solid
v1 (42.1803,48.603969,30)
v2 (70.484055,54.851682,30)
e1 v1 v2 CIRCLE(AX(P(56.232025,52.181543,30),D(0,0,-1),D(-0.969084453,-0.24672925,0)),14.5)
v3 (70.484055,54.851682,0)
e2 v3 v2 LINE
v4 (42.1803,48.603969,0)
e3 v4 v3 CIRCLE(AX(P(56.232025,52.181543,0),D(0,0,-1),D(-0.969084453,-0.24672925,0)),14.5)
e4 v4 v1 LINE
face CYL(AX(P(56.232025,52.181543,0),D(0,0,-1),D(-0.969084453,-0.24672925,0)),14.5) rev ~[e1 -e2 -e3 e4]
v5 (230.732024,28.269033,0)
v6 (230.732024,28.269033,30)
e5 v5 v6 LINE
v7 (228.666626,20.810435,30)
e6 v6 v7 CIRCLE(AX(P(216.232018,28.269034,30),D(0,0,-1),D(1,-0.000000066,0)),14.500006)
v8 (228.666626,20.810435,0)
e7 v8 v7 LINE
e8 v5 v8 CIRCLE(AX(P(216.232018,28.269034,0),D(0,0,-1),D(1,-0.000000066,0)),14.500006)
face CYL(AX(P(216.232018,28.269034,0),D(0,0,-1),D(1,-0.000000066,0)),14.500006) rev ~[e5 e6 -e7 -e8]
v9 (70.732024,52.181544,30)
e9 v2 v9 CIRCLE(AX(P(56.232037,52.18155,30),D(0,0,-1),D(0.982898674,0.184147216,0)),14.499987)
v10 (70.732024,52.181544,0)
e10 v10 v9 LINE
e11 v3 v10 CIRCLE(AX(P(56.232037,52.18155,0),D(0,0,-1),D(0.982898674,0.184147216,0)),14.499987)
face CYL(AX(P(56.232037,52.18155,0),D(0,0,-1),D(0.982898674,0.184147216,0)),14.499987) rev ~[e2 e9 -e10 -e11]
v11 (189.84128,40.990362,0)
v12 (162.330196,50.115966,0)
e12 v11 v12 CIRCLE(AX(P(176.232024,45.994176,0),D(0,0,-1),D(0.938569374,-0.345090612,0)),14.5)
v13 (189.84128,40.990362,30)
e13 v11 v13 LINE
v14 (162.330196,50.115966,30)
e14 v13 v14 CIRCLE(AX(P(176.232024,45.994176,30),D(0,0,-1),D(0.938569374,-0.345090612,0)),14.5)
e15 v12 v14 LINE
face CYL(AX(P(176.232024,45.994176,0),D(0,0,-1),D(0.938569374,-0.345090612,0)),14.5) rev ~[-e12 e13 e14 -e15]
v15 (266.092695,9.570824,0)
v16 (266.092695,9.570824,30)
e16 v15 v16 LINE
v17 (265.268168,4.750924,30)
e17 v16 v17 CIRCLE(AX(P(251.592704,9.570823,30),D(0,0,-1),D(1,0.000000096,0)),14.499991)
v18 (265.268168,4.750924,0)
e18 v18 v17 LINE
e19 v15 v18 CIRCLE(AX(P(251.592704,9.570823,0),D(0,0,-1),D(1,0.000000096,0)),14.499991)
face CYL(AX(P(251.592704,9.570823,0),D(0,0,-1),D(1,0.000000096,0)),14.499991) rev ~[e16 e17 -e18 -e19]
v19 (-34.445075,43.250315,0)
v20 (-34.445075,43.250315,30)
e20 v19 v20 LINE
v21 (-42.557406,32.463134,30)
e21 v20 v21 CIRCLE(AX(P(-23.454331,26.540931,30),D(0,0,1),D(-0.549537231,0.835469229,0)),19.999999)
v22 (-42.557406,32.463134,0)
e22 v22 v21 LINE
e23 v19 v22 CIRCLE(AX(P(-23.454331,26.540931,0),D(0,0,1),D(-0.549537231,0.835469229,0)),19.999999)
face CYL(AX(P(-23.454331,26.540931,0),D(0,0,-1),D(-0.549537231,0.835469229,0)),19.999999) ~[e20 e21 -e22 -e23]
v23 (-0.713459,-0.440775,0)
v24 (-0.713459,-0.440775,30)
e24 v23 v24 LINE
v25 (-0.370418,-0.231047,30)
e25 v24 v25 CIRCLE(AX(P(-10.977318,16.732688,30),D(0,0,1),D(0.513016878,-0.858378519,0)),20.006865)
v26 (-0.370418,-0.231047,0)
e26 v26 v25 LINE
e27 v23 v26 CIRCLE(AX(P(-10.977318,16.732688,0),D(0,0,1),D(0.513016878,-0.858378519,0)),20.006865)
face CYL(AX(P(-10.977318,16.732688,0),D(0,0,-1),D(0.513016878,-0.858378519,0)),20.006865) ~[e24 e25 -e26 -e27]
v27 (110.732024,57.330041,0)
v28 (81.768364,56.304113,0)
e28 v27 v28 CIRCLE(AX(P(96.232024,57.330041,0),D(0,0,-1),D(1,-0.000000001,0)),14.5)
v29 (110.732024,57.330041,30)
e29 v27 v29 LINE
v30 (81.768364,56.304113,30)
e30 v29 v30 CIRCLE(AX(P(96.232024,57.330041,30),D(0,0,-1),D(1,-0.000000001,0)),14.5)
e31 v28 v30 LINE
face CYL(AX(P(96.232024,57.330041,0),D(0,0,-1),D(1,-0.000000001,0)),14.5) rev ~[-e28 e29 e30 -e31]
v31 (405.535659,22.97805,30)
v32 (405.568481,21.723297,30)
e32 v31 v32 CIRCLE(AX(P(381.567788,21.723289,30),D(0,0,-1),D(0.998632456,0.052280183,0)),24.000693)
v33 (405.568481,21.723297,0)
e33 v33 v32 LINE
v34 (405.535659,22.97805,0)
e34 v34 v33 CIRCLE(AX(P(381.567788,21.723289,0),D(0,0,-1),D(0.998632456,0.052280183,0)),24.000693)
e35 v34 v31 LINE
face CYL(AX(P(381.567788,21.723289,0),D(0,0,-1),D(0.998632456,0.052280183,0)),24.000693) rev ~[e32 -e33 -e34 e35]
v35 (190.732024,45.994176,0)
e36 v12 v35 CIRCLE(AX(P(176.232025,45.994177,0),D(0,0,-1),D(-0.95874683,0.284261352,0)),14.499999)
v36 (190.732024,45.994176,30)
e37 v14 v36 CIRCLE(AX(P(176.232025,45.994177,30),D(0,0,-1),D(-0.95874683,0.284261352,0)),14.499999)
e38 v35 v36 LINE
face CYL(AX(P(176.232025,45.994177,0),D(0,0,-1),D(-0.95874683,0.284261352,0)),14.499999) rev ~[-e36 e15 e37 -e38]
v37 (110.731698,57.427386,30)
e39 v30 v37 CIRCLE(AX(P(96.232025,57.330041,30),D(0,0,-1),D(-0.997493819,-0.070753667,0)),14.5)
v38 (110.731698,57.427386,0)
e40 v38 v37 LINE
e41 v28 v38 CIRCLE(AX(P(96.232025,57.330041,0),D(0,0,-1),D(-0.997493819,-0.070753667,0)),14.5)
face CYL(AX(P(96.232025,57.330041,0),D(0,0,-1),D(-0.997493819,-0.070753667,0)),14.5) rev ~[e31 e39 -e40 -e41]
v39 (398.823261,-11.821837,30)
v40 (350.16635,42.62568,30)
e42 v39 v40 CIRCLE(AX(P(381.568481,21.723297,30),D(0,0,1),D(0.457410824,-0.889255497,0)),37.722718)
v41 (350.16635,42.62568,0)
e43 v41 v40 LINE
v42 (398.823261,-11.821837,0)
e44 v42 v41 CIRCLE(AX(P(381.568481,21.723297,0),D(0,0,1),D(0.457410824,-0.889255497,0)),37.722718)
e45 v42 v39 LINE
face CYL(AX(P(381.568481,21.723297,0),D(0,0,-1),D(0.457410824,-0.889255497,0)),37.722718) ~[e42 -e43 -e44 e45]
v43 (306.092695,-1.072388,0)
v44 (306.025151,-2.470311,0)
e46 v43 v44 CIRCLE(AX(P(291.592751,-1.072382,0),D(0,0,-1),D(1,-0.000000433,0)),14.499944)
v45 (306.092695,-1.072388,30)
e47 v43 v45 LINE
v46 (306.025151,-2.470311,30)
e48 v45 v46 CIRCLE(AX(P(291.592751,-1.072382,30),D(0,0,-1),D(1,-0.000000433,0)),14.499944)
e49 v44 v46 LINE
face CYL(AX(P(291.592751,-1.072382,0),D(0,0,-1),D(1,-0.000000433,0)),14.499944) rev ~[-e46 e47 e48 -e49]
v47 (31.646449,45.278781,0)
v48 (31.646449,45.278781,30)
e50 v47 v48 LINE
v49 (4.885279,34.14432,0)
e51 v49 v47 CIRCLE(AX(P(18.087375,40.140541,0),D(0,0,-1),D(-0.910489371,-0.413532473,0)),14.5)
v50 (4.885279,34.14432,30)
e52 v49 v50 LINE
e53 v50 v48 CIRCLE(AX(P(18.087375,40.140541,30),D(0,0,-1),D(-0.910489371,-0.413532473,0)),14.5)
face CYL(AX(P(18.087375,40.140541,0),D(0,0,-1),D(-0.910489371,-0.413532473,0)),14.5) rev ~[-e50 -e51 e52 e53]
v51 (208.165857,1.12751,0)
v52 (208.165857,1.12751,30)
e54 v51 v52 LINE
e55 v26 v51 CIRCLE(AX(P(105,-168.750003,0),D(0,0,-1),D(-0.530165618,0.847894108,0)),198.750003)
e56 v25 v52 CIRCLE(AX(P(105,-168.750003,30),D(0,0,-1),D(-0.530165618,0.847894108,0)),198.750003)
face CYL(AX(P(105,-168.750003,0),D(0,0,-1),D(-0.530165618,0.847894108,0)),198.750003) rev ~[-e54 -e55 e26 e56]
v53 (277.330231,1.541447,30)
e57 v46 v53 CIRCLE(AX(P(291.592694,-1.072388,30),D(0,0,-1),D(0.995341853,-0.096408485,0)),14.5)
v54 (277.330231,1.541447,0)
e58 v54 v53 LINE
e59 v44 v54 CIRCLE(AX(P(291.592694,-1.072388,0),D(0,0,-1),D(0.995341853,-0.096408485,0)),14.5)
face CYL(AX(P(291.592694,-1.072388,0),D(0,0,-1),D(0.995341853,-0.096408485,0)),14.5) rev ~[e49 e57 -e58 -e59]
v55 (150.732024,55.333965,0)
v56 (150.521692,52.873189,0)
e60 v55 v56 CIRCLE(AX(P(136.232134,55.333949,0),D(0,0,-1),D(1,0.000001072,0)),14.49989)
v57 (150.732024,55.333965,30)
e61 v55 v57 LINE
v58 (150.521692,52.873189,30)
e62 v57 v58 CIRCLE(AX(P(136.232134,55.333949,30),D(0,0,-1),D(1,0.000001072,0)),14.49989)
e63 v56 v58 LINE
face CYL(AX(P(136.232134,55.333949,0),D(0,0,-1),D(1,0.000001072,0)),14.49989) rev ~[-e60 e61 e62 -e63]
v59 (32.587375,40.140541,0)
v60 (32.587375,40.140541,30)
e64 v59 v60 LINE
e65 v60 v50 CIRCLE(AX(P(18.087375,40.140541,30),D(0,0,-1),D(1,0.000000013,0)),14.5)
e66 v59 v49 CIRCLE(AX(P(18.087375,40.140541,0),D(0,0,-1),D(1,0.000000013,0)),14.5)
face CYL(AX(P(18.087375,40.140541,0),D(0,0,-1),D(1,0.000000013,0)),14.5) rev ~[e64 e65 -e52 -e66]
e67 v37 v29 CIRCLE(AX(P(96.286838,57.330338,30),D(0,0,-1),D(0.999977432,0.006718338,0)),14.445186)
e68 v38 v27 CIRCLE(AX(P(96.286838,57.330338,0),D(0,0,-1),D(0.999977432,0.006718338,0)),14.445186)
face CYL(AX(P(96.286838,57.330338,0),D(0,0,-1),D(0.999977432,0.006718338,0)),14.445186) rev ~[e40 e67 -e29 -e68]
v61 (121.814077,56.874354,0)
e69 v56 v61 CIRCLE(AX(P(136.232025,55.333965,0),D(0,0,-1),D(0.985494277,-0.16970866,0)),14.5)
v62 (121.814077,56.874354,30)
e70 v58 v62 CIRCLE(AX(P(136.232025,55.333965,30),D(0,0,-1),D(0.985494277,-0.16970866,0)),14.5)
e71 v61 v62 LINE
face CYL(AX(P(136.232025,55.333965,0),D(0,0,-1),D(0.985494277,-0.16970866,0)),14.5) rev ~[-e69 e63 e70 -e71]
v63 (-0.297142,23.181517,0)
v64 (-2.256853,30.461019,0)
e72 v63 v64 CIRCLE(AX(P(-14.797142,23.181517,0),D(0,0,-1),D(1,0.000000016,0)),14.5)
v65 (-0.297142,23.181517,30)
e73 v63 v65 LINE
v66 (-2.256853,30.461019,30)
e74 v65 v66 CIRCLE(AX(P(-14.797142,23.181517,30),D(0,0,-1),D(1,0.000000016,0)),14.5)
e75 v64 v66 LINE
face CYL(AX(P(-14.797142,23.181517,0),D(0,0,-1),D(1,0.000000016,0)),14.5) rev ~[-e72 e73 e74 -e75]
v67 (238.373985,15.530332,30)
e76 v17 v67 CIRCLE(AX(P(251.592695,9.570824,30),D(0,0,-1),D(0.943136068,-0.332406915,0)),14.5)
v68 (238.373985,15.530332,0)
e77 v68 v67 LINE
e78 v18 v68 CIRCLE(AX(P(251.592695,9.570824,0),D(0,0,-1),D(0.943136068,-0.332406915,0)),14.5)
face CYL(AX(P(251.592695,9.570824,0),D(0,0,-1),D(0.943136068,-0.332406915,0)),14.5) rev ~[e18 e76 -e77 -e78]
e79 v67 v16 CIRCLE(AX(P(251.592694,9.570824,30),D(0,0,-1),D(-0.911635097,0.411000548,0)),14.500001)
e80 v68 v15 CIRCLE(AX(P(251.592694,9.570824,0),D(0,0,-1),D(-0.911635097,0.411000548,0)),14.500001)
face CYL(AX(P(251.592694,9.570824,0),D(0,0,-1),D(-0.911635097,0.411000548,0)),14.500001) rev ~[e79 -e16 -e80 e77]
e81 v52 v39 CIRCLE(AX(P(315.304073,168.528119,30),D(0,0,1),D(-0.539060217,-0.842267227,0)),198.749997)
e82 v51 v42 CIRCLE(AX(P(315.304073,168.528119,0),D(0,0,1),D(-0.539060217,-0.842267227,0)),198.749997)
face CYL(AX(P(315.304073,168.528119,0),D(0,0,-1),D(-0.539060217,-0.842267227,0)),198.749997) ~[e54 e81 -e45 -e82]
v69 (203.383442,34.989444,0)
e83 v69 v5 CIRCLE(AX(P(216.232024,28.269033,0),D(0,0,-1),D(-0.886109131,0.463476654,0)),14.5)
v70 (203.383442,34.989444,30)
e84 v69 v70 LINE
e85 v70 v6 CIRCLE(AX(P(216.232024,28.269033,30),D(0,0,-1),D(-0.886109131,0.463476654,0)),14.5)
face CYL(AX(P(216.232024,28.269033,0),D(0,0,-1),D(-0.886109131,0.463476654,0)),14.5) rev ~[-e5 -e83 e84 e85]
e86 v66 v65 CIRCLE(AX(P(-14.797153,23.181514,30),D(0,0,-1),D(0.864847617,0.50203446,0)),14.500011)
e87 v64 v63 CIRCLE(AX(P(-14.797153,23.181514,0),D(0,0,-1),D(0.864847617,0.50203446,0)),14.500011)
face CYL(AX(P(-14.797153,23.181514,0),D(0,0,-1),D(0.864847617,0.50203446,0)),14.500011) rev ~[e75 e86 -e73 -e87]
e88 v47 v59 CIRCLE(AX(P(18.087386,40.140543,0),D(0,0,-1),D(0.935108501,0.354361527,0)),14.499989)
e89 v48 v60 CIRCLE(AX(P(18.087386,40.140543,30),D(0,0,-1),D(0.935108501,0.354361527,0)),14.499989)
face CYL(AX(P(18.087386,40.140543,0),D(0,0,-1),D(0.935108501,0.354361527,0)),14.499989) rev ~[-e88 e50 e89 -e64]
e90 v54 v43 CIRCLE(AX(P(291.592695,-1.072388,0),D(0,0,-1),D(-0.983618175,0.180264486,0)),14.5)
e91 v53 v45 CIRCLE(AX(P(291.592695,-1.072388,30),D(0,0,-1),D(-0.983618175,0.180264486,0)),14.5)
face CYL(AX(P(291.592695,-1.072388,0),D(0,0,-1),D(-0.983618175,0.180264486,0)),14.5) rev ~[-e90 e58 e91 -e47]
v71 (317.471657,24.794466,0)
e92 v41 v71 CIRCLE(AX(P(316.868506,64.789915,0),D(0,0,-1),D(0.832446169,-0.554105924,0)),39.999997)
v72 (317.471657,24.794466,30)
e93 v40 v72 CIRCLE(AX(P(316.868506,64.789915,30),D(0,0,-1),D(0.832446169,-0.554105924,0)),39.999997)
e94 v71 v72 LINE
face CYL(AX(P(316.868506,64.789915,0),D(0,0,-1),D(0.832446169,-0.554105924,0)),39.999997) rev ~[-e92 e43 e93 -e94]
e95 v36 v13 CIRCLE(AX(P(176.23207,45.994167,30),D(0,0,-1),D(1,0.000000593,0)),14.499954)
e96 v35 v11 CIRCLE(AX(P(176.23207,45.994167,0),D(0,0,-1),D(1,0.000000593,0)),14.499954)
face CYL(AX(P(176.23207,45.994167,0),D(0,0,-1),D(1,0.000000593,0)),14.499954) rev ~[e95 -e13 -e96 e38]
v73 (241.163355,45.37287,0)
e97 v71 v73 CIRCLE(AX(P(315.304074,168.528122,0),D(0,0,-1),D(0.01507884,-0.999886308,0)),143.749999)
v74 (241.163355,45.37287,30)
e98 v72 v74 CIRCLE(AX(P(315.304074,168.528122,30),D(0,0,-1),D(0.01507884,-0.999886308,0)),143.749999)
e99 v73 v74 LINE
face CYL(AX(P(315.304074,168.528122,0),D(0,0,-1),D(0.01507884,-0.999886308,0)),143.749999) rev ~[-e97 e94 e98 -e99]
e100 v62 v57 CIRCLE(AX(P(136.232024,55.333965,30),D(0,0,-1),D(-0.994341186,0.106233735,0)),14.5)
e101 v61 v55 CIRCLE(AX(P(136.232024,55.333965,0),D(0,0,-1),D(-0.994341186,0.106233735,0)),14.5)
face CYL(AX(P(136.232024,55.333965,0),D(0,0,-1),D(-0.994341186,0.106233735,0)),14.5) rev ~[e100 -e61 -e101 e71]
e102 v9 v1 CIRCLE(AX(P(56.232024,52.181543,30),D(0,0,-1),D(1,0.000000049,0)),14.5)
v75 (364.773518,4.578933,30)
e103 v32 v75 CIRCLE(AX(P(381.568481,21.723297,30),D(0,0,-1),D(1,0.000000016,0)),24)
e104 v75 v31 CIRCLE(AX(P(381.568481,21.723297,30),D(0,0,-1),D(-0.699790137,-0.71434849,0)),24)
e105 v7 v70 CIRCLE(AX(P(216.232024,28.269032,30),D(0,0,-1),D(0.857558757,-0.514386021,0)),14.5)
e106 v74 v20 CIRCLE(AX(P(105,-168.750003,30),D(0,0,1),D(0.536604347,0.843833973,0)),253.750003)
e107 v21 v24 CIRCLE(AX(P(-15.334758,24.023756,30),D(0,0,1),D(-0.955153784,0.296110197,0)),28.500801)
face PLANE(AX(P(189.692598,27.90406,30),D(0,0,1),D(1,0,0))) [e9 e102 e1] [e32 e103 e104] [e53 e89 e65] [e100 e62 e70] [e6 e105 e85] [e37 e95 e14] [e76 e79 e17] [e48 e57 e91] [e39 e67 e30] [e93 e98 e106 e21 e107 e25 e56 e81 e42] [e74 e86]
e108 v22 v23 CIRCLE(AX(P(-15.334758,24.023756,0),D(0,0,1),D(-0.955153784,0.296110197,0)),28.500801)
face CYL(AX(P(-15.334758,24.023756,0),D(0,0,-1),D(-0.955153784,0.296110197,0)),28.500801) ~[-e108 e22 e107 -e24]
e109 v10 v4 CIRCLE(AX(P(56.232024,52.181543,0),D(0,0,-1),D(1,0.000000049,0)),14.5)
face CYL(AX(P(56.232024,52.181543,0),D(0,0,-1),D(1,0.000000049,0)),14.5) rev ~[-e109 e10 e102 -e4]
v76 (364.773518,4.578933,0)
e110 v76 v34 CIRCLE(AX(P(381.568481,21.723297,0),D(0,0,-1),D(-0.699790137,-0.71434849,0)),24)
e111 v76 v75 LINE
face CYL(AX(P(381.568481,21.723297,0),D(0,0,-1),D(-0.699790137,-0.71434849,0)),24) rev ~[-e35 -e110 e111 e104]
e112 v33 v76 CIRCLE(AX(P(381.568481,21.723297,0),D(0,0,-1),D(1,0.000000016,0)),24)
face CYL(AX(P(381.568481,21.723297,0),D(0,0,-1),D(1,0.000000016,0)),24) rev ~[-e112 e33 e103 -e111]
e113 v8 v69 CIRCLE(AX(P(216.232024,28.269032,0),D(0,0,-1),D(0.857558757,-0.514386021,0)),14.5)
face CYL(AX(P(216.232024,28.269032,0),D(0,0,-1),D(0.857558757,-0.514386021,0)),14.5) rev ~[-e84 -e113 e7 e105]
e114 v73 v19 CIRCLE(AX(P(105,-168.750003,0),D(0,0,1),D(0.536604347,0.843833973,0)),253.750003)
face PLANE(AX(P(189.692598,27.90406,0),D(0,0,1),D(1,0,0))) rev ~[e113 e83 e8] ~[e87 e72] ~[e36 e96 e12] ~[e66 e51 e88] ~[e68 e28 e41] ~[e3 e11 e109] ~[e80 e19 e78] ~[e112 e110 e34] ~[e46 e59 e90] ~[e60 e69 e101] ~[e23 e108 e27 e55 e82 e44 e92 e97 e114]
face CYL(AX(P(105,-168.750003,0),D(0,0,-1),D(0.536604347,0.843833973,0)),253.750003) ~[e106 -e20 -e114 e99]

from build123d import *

# Parameters (mm, degrees)
F1_DEPTH = 30


with BuildPart() as f1:
    # F0 (on Top) → F1 (new body)
    with BuildSketch(Plane.XY):
        with BuildLine():
            ThreePointArc((-0.370418, -0.231047), (103.705225, 29.995782), (208.165857, 1.12751))
            ThreePointArc((208.165857, 1.12751), (301.836111, -29.765036), (398.823261, -11.821837))
            ThreePointArc((398.823261, -11.821837), (409.696224, 46.859597), (350.16635, 42.62568))
            ThreePointArc((350.16635, 42.62568), (336.020723, 29.673077), (317.471657, 24.794466))
            ThreePointArc((317.471657, 24.794466), (277.875465, 29.73633), (241.163355, 45.37287))
            ThreePointArc((241.163355, 45.37287), (103.045842, 84.992475), (-34.445075, 43.250315))
            ThreePointArc((-34.445075, 43.250315), (-39.438708, 38.561732), (-42.557406, 32.463134))
            ThreePointArc((-42.557406, 32.463134), (-32.951946, 1.619954), (-0.713459, -0.440775))
            ThreePointArc((-0.713459, -0.440775), (-0.541412, -0.336773), (-0.370418, -0.231047))
        make_face()
        with BuildLine():
            ThreePointArc((-0.297142, 23.181517), (-28.798646, 19.41218), (-2.256853, 30.461019))
            ThreePointArc((-2.256853, 30.461019), (-0.795639, 26.950854), (-0.297142, 23.181517))
        make_face(mode=Mode.SUBTRACT)
        with BuildLine():
            ThreePointArc((306.025151, -2.470311), (289.585016, -15.432723), (277.330231, 1.541447))
            ThreePointArc((277.330231, 1.541447), (292.904997, 13.368106), (306.092695, -1.072388))
            ThreePointArc((306.092695, -1.072388), (306.075799, -1.772165), (306.025151, -2.470311))
        make_face(mode=Mode.SUBTRACT)
        with BuildLine():
            ThreePointArc((265.268168, 4.750924), (246.198154, -3.888334), (238.373985, 15.530332))
            ThreePointArc((238.373985, 15.530332), (254.64054, 23.746883), (266.092695, 9.570824))
            ThreePointArc((266.092695, 9.570824), (265.885077, 7.125866), (265.268168, 4.750924))
        make_face(mode=Mode.SUBTRACT)
        with BuildLine():
            ThreePointArc((405.568481, 21.723297), (390.866892, -0.402244), (364.773518, 4.578933))
            ThreePointArc((364.773518, 4.578933), (371.694676, 43.598122), (405.535659, 22.97805))
            ThreePointArc((405.535659, 22.97805), (405.560274, 22.350888), (405.568481, 21.723297))
        make_face(mode=Mode.SUBTRACT)
        with BuildLine():
            ThreePointArc((4.885279, 34.14432), (12.517284, 53.528001), (31.646449, 45.278781))
            ThreePointArc((31.646449, 45.278781), (32.350204, 42.752382), (32.587375, 40.140541))
            ThreePointArc((32.587375, 40.140541), (21.154916, 25.968731), (4.885279, 34.14432))
        make_face(mode=Mode.SUBTRACT)
        with BuildLine():
            ThreePointArc((42.1803, 48.603969), (53.106563, 66.340692), (70.484055, 54.851682))
            ThreePointArc((70.484055, 54.851682), (70.669899, 53.522357), (70.732024, 52.181544))
            ThreePointArc((70.732024, 52.181544), (58.0348, 37.794049), (42.1803, 48.603969))
        make_face(mode=Mode.SUBTRACT)
        with BuildLine():
            ThreePointArc((190.732024, 45.994176), (190.507602, 43.452937), (189.84128, 40.990362))
            ThreePointArc((189.84128, 40.990362), (171.666878, 32.231566), (162.330196, 50.115966))
            ThreePointArc((162.330196, 50.115966), (178.314509, 60.343854), (190.732024, 45.994176))
        make_face(mode=Mode.SUBTRACT)
        with BuildLine():
            ThreePointArc((150.732024, 55.333965), (150.679346, 54.099091), (150.521692, 52.873189))
            ThreePointArc((150.521692, 52.873189), (134.230414, 40.972782), (121.814077, 56.874354))
            ThreePointArc((121.814077, 56.874354), (137.003311, 69.813437), (150.732024, 55.333965))
        make_face(mode=Mode.SUBTRACT)
        with BuildLine():
            ThreePointArc((81.768364, 56.304113), (95.670099, 71.819149), (110.731698, 57.427386))
            ThreePointArc((110.731698, 57.427386), (110.731943, 57.378714), (110.732024, 57.330041))
            ThreePointArc((110.732024, 57.330041), (96.745311, 42.839129), (81.768364, 56.304113))
        make_face(mode=Mode.SUBTRACT)
        with BuildLine():
            ThreePointArc((228.666626, 20.810435), (209.139499, 15.622053), (203.383442, 34.989444))
            ThreePointArc((203.383442, 34.989444), (219.692194, 42.350127), (230.732024, 28.269033))
            ThreePointArc((230.732024, 28.269033), (230.206138, 24.39939), (228.666626, 20.810435))
        make_face(mode=Mode.SUBTRACT)
    extrude(amount=F1_DEPTH)


solid = f1.part
